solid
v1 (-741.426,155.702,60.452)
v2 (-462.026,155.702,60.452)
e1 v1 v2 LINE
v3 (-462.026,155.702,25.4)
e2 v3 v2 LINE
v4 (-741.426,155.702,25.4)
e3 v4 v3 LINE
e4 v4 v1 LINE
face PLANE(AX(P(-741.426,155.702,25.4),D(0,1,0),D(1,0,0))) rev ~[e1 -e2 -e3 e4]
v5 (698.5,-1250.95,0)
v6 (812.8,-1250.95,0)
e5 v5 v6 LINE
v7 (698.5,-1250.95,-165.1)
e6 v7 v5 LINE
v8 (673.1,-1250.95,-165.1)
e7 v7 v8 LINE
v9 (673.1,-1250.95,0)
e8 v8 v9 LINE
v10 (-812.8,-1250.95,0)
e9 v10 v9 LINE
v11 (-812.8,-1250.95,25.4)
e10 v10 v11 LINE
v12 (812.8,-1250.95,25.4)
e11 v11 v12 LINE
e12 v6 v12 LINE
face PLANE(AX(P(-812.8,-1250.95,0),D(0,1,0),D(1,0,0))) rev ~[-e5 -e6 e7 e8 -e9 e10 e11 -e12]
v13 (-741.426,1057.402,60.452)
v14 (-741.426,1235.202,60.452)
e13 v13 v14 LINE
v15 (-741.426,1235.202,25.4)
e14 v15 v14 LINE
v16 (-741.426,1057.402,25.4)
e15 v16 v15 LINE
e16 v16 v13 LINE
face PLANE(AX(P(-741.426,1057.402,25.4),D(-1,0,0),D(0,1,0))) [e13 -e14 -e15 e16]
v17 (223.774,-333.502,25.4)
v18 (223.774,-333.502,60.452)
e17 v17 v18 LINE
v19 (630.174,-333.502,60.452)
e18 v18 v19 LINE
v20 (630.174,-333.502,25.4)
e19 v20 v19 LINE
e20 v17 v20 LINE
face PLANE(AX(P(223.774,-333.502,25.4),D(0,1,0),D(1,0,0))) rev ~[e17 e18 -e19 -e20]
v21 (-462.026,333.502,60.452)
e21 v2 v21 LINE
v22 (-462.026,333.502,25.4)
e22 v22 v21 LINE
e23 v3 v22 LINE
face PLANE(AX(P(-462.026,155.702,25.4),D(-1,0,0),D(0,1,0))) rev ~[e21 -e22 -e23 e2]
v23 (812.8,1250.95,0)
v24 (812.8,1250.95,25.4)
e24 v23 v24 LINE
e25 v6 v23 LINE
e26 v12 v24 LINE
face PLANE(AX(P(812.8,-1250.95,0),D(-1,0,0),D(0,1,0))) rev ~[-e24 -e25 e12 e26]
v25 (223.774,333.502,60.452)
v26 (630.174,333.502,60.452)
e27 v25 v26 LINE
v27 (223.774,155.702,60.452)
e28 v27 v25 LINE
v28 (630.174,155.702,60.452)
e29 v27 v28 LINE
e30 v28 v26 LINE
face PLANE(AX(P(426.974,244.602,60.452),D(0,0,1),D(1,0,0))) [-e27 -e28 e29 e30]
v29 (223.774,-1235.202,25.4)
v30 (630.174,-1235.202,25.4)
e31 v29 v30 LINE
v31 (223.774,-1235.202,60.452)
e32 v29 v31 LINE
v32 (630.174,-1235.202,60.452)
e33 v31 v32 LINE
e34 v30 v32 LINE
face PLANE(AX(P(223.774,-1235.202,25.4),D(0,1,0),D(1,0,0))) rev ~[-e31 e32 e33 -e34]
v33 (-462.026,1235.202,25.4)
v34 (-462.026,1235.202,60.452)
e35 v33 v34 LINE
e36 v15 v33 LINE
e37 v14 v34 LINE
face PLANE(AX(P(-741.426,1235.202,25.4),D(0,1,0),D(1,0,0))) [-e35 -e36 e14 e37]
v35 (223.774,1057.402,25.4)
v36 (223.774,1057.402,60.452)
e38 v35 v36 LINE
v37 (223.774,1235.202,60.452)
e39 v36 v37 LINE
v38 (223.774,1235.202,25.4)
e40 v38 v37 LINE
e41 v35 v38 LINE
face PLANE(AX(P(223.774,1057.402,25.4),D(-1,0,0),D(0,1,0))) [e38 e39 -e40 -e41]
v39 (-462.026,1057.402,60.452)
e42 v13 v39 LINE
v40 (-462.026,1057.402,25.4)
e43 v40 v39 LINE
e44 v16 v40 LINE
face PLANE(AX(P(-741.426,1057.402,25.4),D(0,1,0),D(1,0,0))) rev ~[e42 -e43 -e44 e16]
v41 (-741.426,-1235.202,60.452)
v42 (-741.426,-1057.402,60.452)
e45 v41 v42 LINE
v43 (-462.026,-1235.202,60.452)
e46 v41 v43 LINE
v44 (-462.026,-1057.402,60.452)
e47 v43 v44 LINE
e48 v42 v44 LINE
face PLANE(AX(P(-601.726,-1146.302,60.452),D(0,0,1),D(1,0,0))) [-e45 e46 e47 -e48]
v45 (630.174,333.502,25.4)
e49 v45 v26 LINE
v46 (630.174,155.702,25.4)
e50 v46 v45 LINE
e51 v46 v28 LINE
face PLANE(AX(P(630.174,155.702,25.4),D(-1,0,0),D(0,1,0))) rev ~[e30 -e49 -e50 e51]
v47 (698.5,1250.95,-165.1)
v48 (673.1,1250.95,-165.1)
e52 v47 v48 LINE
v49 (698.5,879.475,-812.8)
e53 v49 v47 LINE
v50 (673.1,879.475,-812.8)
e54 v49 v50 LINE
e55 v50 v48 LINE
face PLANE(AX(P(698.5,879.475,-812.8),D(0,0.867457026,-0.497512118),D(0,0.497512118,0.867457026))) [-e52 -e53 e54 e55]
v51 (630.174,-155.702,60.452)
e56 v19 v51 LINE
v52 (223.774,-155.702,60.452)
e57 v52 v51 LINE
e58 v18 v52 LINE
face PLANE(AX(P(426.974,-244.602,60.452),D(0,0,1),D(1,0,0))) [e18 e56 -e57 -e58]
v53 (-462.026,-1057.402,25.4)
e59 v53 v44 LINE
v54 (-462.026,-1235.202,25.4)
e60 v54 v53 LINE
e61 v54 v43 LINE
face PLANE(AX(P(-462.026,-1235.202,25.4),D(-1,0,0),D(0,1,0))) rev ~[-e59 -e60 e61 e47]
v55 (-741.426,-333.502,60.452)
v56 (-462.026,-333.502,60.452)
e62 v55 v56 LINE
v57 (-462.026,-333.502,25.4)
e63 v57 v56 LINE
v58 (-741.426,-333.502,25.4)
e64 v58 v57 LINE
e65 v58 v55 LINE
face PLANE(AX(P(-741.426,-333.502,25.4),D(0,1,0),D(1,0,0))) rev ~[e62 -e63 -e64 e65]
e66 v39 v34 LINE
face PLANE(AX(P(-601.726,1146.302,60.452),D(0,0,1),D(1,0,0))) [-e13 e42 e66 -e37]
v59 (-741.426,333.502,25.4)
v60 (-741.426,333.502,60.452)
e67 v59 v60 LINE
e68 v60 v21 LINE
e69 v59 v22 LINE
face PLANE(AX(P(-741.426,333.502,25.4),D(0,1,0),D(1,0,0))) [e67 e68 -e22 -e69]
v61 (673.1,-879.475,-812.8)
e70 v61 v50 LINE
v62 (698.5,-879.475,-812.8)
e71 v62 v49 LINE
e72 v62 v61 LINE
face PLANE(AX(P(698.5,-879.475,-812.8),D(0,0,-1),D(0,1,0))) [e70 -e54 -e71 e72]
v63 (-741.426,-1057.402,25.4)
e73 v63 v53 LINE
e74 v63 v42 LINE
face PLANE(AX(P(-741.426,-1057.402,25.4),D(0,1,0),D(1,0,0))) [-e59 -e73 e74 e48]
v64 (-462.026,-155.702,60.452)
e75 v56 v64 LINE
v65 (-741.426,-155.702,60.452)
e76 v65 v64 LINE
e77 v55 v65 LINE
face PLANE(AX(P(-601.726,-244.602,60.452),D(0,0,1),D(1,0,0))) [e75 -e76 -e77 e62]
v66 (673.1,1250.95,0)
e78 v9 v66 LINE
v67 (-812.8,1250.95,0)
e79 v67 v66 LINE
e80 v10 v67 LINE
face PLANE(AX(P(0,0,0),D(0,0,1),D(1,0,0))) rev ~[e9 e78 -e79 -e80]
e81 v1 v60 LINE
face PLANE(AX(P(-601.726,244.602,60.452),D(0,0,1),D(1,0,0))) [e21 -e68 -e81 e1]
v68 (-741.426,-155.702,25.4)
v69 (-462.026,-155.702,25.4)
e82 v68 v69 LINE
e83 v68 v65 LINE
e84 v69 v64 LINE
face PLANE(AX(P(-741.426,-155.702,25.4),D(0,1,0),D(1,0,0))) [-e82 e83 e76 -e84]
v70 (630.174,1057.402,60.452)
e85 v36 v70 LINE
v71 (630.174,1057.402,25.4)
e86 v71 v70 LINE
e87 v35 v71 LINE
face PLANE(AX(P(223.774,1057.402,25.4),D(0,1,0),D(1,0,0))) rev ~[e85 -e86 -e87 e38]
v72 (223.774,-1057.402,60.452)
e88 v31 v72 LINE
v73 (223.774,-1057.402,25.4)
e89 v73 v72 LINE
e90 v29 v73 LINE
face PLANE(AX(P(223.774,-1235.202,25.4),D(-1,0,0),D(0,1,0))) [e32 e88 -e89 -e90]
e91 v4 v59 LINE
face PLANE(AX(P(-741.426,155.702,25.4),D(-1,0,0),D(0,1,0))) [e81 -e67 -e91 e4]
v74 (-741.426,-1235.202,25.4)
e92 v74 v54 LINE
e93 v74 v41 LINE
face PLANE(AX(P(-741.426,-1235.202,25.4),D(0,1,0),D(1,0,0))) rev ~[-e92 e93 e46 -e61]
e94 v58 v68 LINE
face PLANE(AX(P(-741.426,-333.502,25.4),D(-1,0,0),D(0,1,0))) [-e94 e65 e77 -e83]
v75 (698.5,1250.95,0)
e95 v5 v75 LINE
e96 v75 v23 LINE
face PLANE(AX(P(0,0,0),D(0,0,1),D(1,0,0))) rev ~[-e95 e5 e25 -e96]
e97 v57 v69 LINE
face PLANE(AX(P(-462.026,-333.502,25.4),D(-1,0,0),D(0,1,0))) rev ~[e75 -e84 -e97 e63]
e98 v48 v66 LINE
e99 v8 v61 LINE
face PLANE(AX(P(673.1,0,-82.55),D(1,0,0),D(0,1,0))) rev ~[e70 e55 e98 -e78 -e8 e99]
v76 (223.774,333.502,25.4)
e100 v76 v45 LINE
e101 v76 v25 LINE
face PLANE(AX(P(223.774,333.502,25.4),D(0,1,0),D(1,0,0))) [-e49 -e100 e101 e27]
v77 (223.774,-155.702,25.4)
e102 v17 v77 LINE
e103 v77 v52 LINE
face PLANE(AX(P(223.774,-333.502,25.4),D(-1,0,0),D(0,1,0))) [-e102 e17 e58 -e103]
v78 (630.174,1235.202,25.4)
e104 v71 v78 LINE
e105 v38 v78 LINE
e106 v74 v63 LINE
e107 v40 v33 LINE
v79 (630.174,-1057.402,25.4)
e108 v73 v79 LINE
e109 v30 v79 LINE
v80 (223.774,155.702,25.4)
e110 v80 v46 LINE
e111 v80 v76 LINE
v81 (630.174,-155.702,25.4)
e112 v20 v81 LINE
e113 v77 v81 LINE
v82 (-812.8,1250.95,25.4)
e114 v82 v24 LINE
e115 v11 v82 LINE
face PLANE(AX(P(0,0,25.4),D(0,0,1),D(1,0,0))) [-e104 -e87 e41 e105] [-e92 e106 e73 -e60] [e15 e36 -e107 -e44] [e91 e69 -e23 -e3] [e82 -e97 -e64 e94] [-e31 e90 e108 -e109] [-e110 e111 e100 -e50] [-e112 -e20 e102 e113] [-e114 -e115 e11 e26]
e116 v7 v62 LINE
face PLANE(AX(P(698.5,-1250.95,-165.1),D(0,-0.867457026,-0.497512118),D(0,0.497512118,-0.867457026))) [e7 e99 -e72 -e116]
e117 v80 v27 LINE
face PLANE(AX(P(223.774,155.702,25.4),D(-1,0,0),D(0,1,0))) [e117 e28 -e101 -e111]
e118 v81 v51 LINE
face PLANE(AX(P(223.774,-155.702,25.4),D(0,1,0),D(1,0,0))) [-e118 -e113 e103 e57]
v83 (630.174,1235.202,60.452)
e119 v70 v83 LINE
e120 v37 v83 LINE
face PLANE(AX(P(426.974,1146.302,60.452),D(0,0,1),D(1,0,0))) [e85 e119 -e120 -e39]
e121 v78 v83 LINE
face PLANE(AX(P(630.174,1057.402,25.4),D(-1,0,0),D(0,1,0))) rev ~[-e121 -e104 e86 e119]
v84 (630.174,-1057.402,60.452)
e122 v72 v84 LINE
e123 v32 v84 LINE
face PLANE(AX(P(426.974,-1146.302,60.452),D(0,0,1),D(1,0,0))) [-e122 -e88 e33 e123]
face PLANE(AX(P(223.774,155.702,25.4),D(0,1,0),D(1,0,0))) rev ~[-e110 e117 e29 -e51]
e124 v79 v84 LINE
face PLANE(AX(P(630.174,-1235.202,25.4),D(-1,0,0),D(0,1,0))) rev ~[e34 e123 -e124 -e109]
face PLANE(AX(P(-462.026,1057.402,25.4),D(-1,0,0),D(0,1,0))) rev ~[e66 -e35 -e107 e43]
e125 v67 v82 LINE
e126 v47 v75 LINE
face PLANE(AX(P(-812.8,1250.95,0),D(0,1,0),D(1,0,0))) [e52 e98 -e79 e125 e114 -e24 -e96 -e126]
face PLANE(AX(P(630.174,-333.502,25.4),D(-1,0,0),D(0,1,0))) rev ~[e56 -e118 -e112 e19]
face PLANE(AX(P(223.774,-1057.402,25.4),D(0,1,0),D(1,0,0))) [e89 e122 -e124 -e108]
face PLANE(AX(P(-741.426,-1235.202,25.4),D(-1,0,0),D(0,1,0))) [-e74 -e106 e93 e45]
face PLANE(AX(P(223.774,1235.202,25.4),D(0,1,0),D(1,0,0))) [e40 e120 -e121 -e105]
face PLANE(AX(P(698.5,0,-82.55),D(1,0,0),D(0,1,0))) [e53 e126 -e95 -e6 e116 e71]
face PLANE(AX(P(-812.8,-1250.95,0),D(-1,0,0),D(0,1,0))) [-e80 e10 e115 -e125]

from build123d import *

# Parameters (mm, degrees)
F0_W     = 1625.6
F0_H     = 2501.9
F1_DEPTH = 25.4
F2_W     = 279.4
F2_H     = 177.8
F2_W_2   = 406.4
F3_DEPTH = 35.052
F5_W     = 2501.9
F5_H     = 165.1
F6_DEPTH = 25.4


with BuildPart() as f1:
    # F0 (on Top) → F1 (new body)
    with BuildSketch(Plane.XY):
        Rectangle(F0_W, F0_H)
    extrude(amount=F1_DEPTH)

    # F2 (on face) → F3 (join)
    with BuildSketch(Plane.XY.offset(25.4)):
        with Locations((-601.726, -1146.302)):
            Rectangle(F2_W, F2_H)
        with Locations((-601.726, -244.602)):
            Rectangle(F2_W, F2_H)
        with Locations((426.974, -244.602)):
            Rectangle(F2_W_2, F2_H)
        with Locations((426.974, -1146.302)):
            Rectangle(F2_W_2, F2_H)
        with Locations((426.974, 1146.302)):
            Rectangle(F2_W_2, F2_H)
        with Locations((-601.726, 1146.302)):
            Rectangle(F2_W, F2_H)
        with Locations((-601.726, 244.602)):
            Rectangle(F2_W, F2_H)
        with Locations((426.974, 244.602)):
            Rectangle(F2_W_2, F2_H)
    extrude(amount=F3_DEPTH)

    # F5 (on offset) → F6 (join)
    with BuildSketch(Plane.YZ.offset(698.5)):
        with Locations((0, -82.55)):
            Rectangle(F5_W, F5_H)
        Polygon((879.475, -812.8), (1250.95, -165.1), (-1250.95, -165.1), (-879.475, -812.8), align=None)
    extrude(amount=-F6_DEPTH)


solid = f1.part
